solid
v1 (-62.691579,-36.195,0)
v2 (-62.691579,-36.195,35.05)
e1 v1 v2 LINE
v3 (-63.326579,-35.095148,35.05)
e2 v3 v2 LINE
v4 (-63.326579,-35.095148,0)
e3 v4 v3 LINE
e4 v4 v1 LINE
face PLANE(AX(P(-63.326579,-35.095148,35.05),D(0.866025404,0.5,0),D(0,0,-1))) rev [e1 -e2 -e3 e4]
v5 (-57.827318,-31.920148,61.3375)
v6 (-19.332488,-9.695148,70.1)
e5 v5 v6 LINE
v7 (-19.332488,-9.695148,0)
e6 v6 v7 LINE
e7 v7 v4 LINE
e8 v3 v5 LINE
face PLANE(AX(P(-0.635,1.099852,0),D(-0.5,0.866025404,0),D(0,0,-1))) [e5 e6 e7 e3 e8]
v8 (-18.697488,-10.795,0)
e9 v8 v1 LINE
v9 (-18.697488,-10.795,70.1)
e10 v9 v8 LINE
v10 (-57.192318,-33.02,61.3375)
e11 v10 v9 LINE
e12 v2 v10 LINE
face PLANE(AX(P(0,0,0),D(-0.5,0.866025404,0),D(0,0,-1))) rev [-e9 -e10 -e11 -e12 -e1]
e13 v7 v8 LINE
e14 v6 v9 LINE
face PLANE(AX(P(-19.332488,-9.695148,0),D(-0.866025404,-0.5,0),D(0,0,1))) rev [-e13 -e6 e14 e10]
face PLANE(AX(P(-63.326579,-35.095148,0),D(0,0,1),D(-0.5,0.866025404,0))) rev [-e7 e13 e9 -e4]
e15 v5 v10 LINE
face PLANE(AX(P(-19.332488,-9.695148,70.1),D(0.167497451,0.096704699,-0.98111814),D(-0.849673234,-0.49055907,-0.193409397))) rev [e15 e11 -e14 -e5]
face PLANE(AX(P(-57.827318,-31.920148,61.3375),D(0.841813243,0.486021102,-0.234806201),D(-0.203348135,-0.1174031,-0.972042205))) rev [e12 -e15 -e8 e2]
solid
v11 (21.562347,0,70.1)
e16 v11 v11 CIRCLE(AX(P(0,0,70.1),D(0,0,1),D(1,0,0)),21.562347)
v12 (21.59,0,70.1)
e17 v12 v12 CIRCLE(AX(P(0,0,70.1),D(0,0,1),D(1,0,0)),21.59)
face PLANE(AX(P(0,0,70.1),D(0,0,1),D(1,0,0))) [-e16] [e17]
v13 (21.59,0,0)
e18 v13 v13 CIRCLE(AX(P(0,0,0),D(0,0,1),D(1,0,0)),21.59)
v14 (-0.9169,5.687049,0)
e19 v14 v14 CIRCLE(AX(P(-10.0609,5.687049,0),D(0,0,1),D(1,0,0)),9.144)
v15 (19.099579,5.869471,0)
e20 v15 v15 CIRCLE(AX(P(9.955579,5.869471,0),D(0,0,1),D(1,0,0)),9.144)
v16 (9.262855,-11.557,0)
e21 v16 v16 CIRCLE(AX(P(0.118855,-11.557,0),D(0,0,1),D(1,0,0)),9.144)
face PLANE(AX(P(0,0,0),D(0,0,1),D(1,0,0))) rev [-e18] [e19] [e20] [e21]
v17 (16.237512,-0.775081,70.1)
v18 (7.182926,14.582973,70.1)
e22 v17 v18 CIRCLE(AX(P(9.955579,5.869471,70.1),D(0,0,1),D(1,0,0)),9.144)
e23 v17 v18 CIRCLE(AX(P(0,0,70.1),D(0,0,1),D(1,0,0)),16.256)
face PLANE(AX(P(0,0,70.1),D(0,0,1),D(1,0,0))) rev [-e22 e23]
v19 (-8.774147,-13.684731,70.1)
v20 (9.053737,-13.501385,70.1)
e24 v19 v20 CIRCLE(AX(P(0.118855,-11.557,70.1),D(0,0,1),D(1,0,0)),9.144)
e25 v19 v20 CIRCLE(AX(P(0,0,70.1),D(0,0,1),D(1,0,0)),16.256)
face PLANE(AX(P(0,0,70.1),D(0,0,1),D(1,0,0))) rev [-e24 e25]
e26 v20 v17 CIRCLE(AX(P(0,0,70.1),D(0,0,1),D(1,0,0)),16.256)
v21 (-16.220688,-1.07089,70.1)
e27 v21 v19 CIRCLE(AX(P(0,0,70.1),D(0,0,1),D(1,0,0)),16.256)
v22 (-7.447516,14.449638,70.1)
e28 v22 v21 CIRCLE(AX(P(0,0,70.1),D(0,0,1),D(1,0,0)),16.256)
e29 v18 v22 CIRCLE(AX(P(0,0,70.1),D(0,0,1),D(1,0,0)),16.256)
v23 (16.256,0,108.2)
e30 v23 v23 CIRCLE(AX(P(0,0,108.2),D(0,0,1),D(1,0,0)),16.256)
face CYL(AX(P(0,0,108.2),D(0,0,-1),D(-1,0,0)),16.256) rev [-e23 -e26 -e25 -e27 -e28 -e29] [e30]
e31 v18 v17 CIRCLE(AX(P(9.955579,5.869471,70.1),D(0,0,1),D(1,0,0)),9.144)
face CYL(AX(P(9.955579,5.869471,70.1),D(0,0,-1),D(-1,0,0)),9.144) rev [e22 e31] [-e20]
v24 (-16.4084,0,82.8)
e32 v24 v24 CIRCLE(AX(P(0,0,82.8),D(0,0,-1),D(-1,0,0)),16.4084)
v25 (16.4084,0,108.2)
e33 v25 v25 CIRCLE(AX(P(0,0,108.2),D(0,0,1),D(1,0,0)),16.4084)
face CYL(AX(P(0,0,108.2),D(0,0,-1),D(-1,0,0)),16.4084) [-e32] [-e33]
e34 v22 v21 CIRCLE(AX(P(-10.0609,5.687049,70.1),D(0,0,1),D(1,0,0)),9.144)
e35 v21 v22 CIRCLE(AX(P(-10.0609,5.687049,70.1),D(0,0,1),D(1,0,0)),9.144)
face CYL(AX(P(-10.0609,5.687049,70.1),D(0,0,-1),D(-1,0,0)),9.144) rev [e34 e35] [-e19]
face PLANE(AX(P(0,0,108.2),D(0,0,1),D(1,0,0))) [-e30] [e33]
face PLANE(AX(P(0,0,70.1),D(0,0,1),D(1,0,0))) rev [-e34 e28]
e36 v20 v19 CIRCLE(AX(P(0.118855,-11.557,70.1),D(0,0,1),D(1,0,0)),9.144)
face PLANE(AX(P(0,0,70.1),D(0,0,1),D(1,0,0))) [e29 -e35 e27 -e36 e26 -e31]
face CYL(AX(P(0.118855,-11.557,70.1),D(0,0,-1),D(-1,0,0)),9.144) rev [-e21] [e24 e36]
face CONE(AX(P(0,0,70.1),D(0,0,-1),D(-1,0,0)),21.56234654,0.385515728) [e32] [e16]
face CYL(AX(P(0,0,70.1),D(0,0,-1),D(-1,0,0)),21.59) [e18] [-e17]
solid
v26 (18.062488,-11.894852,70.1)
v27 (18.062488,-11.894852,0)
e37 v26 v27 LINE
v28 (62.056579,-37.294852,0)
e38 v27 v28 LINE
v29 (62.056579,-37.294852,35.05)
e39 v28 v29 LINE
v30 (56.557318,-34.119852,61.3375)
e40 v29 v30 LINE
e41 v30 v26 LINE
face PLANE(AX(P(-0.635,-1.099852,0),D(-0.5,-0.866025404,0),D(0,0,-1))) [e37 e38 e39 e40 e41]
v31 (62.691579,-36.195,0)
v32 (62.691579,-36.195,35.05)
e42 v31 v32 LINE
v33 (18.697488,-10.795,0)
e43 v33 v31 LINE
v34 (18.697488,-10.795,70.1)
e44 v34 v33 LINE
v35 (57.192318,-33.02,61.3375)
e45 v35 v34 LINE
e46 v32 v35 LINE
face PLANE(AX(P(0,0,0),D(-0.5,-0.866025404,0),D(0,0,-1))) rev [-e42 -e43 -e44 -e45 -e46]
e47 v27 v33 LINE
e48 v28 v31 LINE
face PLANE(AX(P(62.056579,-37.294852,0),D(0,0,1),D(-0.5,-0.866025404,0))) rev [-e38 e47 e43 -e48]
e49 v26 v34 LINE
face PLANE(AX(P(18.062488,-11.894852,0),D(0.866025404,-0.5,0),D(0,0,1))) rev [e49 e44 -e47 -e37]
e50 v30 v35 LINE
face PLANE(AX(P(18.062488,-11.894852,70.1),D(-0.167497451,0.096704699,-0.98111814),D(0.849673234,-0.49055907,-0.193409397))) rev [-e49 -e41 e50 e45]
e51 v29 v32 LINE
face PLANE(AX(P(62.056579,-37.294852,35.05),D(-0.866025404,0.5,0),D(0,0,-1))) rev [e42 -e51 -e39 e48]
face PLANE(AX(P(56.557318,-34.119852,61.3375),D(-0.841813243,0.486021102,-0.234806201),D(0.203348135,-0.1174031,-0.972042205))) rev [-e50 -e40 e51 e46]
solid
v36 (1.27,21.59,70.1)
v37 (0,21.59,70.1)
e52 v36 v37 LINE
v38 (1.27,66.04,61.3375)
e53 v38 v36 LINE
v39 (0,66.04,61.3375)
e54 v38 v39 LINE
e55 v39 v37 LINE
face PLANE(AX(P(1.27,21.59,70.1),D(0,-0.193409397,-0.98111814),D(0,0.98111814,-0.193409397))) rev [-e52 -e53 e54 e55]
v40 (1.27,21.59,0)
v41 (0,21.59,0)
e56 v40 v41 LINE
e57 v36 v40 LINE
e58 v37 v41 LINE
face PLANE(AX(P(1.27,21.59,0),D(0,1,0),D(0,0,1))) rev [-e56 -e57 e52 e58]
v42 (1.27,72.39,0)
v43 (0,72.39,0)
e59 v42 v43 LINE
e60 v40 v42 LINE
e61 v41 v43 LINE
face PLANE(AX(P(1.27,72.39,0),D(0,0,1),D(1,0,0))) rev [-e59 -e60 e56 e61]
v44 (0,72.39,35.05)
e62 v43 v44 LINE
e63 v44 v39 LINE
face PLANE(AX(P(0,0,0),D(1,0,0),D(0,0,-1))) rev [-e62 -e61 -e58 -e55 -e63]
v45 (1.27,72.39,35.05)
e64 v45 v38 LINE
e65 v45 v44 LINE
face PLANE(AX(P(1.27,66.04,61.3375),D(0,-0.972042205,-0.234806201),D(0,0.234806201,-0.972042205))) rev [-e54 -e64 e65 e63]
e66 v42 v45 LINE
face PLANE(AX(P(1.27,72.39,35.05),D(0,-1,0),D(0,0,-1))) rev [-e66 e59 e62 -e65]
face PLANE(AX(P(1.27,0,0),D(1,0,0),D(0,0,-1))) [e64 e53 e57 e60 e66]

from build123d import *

# Parameters (mm, degrees)
SKETCH1_R           = 21.59
SKETCH1_R_2         = 9.144
BOSS_EXTRUDE1_DEPTH = 70.1
SKETCH2_R           = 16.4084
SKETCH2_R_2         = 16.256
BOSS_EXTRUDE2_DEPTH = 38.1
BOSS_EXTRUDE6_DEPTH = 1.27
CIRPATTERN7_COUNT   = 3


with BuildPart() as part:
    # Sketch1 → Boss-Extrude1 (new body)
    with BuildSketch(Plane.XY):
        Circle(SKETCH1_R)
        with Locations((0.118855304, -11.557)):
            Circle(SKETCH1_R_2, mode=Mode.SUBTRACT)
        with Locations((9.955579479, 5.869470694)):
            Circle(SKETCH1_R_2, mode=Mode.SUBTRACT)
        with Locations((-10.060900468, 5.687049391)):
            Circle(SKETCH1_R_2, mode=Mode.SUBTRACT)
    extrude(amount=BOSS_EXTRUDE1_DEPTH)

    # Sketch2 → Boss-Extrude2 (add)
    with BuildSketch(Plane.XY.offset(70.1)):
        Circle(SKETCH2_R)
        Circle(SKETCH2_R_2, mode=Mode.SUBTRACT)
    extrude(amount=BOSS_EXTRUDE2_DEPTH)

    # Sketch8 → Revolve3 (revolve)
    with BuildSketch(Plane(origin=(0, 0, 0), x_dir=(0, 0, -1), z_dir=(1, 0, 0))):
        Polygon((-70.1, 21.56234654), (-82.8, 16.4084), (-70.1, 16.4084), align=None)
    revolve(axis=Axis((0, 0, 126.159811209), (0, 0, -1)))


with BuildPart() as body_2:
    # Sketch14 → Boss-Extrude6 (new body)
    with BuildSketch(Plane(origin=(0, 0, 0), x_dir=(0, 0, -1), z_dir=(1, 0, 0))):
        Polygon((-70.1, 21.59), (-61.3375, 66.04), (-35.05, 72.39), (0, 72.39), (0, 46.99), (0, 21.59), align=None)
    extrude(amount=BOSS_EXTRUDE6_DEPTH)


with BuildPart() as cirpattern7_1:
    # CirPattern7: pattern copy
    add(body_2.part.rotate(Axis((0, 0, 0), (0, 0, 1)), 1 * 360 / CIRPATTERN7_COUNT))


with BuildPart() as cirpattern7_2:
    # CirPattern7: pattern copy
    add(body_2.part.rotate(Axis((0, 0, 0), (0, 0, 1)), 2 * 360 / CIRPATTERN7_COUNT))


solid = Compound([part.part, body_2.part, cirpattern7_1.part, cirpattern7_2.part])
